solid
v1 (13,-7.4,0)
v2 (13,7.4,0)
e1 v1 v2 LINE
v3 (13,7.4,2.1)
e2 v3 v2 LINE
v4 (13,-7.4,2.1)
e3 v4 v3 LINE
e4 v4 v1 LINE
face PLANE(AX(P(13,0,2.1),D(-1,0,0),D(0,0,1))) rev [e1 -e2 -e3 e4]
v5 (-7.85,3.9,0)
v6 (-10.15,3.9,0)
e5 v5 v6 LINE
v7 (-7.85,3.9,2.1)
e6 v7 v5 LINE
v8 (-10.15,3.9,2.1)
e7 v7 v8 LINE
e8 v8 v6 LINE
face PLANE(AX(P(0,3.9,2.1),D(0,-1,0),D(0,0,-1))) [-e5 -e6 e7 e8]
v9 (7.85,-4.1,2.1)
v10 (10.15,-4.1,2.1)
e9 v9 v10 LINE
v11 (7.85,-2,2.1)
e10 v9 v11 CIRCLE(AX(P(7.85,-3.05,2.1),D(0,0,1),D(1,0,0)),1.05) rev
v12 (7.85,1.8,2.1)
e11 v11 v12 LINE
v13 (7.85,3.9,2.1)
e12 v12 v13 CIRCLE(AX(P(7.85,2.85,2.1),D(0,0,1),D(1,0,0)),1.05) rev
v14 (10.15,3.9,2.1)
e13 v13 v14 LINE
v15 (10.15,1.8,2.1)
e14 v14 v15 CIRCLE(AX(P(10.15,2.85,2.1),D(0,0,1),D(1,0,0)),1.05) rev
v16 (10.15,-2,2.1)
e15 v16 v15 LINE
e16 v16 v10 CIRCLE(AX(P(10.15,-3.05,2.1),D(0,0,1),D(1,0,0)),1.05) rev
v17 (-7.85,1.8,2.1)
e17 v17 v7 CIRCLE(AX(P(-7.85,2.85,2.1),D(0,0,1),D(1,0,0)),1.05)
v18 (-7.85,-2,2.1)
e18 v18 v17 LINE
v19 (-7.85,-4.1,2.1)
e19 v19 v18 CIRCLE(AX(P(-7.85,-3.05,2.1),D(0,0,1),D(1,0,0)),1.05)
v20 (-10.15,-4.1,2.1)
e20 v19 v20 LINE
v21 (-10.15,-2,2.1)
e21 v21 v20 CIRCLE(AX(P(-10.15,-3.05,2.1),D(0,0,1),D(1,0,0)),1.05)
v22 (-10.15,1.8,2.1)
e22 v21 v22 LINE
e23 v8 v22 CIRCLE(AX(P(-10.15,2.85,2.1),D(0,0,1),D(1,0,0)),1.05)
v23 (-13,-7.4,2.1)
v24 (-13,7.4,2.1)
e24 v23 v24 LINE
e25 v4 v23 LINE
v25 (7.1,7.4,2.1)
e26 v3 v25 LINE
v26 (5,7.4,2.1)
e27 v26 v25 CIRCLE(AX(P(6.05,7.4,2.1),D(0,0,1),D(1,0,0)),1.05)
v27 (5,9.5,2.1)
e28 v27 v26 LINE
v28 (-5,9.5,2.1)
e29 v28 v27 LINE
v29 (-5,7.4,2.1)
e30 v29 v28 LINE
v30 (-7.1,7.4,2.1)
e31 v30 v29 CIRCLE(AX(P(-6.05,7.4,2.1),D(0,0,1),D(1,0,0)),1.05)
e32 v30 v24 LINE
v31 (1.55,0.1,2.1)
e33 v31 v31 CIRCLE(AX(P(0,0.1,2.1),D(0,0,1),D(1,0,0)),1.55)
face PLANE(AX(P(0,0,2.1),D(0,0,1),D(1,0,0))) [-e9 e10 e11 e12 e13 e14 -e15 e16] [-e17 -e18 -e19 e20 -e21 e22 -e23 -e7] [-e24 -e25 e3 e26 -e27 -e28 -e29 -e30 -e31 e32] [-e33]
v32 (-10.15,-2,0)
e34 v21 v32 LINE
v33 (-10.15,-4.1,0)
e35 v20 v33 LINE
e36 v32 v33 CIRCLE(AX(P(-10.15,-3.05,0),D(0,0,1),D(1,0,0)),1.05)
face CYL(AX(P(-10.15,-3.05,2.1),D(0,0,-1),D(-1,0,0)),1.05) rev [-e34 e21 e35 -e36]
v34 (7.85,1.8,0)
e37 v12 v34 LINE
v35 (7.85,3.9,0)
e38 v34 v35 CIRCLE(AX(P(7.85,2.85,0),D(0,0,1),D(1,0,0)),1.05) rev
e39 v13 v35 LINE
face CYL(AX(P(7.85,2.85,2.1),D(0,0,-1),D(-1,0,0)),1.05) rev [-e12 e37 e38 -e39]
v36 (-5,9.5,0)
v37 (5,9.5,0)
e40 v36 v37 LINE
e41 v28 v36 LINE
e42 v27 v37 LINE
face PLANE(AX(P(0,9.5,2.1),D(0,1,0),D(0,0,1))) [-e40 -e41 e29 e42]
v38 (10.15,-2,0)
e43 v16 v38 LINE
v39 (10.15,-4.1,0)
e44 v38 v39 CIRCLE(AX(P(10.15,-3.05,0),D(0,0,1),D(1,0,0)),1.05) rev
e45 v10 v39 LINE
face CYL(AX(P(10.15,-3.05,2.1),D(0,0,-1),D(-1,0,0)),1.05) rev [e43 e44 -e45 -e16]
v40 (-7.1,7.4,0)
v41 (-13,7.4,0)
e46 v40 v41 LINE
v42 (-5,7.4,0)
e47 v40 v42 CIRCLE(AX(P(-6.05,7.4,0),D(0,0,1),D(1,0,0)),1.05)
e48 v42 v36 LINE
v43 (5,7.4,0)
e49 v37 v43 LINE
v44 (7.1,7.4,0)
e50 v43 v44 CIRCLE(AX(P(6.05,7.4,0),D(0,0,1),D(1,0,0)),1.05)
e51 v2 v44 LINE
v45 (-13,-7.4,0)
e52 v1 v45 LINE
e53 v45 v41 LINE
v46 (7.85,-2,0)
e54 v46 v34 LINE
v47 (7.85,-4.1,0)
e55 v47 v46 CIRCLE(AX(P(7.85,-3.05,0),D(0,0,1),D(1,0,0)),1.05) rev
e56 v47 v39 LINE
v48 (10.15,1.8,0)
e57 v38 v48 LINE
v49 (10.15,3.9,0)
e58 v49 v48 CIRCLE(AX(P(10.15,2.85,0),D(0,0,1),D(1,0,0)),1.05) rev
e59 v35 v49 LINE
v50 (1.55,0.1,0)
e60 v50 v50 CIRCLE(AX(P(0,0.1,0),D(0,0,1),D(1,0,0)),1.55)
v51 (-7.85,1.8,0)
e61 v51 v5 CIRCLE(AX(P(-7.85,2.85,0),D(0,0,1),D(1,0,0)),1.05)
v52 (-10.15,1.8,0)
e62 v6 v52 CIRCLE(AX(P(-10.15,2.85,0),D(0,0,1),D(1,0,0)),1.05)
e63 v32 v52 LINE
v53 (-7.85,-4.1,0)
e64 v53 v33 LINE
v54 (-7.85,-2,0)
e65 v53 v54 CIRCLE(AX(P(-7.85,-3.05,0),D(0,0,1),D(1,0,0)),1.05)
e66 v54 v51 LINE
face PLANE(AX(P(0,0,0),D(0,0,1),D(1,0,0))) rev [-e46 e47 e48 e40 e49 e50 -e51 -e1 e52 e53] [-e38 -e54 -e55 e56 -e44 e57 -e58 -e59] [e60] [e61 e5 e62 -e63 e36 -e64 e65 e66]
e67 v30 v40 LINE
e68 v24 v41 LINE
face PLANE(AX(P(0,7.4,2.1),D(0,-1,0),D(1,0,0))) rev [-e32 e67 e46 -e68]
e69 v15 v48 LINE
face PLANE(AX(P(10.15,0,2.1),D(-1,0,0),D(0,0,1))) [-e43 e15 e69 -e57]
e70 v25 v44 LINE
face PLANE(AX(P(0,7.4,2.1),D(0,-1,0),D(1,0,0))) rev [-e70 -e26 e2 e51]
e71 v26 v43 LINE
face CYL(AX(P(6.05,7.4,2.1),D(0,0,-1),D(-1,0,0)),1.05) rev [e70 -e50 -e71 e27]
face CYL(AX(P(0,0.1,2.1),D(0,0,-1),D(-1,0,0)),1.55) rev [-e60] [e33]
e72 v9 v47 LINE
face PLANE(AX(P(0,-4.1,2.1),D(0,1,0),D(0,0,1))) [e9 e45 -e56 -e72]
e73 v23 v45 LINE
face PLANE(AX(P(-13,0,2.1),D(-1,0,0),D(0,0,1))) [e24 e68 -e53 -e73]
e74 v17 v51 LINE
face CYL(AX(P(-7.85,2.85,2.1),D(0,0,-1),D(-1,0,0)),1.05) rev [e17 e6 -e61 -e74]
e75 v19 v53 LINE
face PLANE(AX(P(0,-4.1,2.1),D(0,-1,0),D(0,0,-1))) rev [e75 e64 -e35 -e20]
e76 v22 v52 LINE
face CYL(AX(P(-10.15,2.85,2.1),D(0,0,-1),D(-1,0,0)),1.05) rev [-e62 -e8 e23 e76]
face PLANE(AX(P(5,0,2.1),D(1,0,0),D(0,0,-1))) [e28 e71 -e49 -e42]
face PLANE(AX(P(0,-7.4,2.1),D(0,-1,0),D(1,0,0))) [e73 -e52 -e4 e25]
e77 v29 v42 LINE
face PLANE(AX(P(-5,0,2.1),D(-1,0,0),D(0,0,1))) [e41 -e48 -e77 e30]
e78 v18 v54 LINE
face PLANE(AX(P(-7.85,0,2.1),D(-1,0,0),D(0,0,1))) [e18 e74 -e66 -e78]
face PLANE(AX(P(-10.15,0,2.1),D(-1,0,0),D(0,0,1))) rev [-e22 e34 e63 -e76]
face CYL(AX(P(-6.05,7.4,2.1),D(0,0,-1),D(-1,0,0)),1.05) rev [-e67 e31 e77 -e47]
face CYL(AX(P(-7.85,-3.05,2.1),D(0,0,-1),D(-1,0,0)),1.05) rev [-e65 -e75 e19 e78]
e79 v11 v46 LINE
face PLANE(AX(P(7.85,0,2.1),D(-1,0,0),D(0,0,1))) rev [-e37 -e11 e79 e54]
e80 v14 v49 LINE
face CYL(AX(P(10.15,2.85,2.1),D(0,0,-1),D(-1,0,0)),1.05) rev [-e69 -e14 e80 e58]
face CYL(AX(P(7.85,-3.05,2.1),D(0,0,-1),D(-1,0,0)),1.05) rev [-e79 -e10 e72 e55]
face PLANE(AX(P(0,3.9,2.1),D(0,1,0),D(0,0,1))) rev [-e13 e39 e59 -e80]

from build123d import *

# Parameters (mm, degrees)
SKETCH_1_R      = 1.55
EXTRUDE_1_DEPTH = 2.1


with BuildPart() as part:
    # 草图1 → 凸台-拉伸1 (new body)
    with BuildSketch(Plane.XY):
        with BuildLine():
            Line((-13, -7.4), (13, -7.4))
            Line((13, -7.4), (13, 7.4))
            Line((13, 7.4), (7.1, 7.4))
            ThreePointArc((7.1, 7.4), (6.05, 6.35), (5, 7.4))
            Line((5, 7.4), (5, 9.5))
            Line((5, 9.5), (-5, 9.5))
            Line((-5, 9.5), (-5, 7.4))
            ThreePointArc((-5, 7.4), (-6.05, 6.35), (-7.1, 7.4))
            Line((-7.1, 7.4), (-13, 7.4))
            Line((-13, 7.4), (-13, -7.4))
        make_face()
        with BuildLine():
            ThreePointArc((-6.8, -3.05), (-7.10753788, -3.79246212), (-7.85, -4.1))
            Line((-7.85, -4.1), (-10.15, -4.1))
            ThreePointArc((-10.15, -4.1), (-11.2, -3.05), (-10.15, -2))
            Line((-10.15, -2), (-10.15, 1.8))
            ThreePointArc((-10.15, 1.8), (-11.2, 2.85), (-10.15, 3.9))
            Line((-10.15, 3.9), (-7.85, 3.9))
            ThreePointArc((-7.85, 3.9), (-7.10753788, 3.59246212), (-6.8, 2.85))
            ThreePointArc((-6.8, 2.85), (-7.10753788, 2.10753788), (-7.85, 1.8))
            Line((-7.85, 1.8), (-7.85, -2))
            ThreePointArc((-7.85, -2), (-7.10753788, -2.30753788), (-6.8, -3.05))
        make_face(mode=Mode.SUBTRACT)
        with Locations((0, 0.1)):
            Circle(SKETCH_1_R, mode=Mode.SUBTRACT)
        with BuildLine():
            ThreePointArc((7.85, 1.8), (6.8, 2.85), (7.85, 3.9))
            Line((7.85, 3.9), (10.15, 3.9))
            ThreePointArc((10.15, 3.9), (10.89246212, 3.59246212), (11.2, 2.85))
            ThreePointArc((11.2, 2.85), (10.89246212, 2.10753788), (10.15, 1.8))
            Line((10.15, 1.8), (10.15, -2))
            ThreePointArc((10.15, -2), (10.89246212, -2.30753788), (11.2, -3.05))
            ThreePointArc((11.2, -3.05), (10.89246212, -3.79246212), (10.15, -4.1))
            Line((10.15, -4.1), (7.85, -4.1))
            ThreePointArc((7.85, -4.1), (6.8, -3.05), (7.85, -2))
            Line((7.85, -2), (7.85, 1.8))
        make_face(mode=Mode.SUBTRACT)
    extrude(amount=EXTRUDE_1_DEPTH)


solid = part.part
